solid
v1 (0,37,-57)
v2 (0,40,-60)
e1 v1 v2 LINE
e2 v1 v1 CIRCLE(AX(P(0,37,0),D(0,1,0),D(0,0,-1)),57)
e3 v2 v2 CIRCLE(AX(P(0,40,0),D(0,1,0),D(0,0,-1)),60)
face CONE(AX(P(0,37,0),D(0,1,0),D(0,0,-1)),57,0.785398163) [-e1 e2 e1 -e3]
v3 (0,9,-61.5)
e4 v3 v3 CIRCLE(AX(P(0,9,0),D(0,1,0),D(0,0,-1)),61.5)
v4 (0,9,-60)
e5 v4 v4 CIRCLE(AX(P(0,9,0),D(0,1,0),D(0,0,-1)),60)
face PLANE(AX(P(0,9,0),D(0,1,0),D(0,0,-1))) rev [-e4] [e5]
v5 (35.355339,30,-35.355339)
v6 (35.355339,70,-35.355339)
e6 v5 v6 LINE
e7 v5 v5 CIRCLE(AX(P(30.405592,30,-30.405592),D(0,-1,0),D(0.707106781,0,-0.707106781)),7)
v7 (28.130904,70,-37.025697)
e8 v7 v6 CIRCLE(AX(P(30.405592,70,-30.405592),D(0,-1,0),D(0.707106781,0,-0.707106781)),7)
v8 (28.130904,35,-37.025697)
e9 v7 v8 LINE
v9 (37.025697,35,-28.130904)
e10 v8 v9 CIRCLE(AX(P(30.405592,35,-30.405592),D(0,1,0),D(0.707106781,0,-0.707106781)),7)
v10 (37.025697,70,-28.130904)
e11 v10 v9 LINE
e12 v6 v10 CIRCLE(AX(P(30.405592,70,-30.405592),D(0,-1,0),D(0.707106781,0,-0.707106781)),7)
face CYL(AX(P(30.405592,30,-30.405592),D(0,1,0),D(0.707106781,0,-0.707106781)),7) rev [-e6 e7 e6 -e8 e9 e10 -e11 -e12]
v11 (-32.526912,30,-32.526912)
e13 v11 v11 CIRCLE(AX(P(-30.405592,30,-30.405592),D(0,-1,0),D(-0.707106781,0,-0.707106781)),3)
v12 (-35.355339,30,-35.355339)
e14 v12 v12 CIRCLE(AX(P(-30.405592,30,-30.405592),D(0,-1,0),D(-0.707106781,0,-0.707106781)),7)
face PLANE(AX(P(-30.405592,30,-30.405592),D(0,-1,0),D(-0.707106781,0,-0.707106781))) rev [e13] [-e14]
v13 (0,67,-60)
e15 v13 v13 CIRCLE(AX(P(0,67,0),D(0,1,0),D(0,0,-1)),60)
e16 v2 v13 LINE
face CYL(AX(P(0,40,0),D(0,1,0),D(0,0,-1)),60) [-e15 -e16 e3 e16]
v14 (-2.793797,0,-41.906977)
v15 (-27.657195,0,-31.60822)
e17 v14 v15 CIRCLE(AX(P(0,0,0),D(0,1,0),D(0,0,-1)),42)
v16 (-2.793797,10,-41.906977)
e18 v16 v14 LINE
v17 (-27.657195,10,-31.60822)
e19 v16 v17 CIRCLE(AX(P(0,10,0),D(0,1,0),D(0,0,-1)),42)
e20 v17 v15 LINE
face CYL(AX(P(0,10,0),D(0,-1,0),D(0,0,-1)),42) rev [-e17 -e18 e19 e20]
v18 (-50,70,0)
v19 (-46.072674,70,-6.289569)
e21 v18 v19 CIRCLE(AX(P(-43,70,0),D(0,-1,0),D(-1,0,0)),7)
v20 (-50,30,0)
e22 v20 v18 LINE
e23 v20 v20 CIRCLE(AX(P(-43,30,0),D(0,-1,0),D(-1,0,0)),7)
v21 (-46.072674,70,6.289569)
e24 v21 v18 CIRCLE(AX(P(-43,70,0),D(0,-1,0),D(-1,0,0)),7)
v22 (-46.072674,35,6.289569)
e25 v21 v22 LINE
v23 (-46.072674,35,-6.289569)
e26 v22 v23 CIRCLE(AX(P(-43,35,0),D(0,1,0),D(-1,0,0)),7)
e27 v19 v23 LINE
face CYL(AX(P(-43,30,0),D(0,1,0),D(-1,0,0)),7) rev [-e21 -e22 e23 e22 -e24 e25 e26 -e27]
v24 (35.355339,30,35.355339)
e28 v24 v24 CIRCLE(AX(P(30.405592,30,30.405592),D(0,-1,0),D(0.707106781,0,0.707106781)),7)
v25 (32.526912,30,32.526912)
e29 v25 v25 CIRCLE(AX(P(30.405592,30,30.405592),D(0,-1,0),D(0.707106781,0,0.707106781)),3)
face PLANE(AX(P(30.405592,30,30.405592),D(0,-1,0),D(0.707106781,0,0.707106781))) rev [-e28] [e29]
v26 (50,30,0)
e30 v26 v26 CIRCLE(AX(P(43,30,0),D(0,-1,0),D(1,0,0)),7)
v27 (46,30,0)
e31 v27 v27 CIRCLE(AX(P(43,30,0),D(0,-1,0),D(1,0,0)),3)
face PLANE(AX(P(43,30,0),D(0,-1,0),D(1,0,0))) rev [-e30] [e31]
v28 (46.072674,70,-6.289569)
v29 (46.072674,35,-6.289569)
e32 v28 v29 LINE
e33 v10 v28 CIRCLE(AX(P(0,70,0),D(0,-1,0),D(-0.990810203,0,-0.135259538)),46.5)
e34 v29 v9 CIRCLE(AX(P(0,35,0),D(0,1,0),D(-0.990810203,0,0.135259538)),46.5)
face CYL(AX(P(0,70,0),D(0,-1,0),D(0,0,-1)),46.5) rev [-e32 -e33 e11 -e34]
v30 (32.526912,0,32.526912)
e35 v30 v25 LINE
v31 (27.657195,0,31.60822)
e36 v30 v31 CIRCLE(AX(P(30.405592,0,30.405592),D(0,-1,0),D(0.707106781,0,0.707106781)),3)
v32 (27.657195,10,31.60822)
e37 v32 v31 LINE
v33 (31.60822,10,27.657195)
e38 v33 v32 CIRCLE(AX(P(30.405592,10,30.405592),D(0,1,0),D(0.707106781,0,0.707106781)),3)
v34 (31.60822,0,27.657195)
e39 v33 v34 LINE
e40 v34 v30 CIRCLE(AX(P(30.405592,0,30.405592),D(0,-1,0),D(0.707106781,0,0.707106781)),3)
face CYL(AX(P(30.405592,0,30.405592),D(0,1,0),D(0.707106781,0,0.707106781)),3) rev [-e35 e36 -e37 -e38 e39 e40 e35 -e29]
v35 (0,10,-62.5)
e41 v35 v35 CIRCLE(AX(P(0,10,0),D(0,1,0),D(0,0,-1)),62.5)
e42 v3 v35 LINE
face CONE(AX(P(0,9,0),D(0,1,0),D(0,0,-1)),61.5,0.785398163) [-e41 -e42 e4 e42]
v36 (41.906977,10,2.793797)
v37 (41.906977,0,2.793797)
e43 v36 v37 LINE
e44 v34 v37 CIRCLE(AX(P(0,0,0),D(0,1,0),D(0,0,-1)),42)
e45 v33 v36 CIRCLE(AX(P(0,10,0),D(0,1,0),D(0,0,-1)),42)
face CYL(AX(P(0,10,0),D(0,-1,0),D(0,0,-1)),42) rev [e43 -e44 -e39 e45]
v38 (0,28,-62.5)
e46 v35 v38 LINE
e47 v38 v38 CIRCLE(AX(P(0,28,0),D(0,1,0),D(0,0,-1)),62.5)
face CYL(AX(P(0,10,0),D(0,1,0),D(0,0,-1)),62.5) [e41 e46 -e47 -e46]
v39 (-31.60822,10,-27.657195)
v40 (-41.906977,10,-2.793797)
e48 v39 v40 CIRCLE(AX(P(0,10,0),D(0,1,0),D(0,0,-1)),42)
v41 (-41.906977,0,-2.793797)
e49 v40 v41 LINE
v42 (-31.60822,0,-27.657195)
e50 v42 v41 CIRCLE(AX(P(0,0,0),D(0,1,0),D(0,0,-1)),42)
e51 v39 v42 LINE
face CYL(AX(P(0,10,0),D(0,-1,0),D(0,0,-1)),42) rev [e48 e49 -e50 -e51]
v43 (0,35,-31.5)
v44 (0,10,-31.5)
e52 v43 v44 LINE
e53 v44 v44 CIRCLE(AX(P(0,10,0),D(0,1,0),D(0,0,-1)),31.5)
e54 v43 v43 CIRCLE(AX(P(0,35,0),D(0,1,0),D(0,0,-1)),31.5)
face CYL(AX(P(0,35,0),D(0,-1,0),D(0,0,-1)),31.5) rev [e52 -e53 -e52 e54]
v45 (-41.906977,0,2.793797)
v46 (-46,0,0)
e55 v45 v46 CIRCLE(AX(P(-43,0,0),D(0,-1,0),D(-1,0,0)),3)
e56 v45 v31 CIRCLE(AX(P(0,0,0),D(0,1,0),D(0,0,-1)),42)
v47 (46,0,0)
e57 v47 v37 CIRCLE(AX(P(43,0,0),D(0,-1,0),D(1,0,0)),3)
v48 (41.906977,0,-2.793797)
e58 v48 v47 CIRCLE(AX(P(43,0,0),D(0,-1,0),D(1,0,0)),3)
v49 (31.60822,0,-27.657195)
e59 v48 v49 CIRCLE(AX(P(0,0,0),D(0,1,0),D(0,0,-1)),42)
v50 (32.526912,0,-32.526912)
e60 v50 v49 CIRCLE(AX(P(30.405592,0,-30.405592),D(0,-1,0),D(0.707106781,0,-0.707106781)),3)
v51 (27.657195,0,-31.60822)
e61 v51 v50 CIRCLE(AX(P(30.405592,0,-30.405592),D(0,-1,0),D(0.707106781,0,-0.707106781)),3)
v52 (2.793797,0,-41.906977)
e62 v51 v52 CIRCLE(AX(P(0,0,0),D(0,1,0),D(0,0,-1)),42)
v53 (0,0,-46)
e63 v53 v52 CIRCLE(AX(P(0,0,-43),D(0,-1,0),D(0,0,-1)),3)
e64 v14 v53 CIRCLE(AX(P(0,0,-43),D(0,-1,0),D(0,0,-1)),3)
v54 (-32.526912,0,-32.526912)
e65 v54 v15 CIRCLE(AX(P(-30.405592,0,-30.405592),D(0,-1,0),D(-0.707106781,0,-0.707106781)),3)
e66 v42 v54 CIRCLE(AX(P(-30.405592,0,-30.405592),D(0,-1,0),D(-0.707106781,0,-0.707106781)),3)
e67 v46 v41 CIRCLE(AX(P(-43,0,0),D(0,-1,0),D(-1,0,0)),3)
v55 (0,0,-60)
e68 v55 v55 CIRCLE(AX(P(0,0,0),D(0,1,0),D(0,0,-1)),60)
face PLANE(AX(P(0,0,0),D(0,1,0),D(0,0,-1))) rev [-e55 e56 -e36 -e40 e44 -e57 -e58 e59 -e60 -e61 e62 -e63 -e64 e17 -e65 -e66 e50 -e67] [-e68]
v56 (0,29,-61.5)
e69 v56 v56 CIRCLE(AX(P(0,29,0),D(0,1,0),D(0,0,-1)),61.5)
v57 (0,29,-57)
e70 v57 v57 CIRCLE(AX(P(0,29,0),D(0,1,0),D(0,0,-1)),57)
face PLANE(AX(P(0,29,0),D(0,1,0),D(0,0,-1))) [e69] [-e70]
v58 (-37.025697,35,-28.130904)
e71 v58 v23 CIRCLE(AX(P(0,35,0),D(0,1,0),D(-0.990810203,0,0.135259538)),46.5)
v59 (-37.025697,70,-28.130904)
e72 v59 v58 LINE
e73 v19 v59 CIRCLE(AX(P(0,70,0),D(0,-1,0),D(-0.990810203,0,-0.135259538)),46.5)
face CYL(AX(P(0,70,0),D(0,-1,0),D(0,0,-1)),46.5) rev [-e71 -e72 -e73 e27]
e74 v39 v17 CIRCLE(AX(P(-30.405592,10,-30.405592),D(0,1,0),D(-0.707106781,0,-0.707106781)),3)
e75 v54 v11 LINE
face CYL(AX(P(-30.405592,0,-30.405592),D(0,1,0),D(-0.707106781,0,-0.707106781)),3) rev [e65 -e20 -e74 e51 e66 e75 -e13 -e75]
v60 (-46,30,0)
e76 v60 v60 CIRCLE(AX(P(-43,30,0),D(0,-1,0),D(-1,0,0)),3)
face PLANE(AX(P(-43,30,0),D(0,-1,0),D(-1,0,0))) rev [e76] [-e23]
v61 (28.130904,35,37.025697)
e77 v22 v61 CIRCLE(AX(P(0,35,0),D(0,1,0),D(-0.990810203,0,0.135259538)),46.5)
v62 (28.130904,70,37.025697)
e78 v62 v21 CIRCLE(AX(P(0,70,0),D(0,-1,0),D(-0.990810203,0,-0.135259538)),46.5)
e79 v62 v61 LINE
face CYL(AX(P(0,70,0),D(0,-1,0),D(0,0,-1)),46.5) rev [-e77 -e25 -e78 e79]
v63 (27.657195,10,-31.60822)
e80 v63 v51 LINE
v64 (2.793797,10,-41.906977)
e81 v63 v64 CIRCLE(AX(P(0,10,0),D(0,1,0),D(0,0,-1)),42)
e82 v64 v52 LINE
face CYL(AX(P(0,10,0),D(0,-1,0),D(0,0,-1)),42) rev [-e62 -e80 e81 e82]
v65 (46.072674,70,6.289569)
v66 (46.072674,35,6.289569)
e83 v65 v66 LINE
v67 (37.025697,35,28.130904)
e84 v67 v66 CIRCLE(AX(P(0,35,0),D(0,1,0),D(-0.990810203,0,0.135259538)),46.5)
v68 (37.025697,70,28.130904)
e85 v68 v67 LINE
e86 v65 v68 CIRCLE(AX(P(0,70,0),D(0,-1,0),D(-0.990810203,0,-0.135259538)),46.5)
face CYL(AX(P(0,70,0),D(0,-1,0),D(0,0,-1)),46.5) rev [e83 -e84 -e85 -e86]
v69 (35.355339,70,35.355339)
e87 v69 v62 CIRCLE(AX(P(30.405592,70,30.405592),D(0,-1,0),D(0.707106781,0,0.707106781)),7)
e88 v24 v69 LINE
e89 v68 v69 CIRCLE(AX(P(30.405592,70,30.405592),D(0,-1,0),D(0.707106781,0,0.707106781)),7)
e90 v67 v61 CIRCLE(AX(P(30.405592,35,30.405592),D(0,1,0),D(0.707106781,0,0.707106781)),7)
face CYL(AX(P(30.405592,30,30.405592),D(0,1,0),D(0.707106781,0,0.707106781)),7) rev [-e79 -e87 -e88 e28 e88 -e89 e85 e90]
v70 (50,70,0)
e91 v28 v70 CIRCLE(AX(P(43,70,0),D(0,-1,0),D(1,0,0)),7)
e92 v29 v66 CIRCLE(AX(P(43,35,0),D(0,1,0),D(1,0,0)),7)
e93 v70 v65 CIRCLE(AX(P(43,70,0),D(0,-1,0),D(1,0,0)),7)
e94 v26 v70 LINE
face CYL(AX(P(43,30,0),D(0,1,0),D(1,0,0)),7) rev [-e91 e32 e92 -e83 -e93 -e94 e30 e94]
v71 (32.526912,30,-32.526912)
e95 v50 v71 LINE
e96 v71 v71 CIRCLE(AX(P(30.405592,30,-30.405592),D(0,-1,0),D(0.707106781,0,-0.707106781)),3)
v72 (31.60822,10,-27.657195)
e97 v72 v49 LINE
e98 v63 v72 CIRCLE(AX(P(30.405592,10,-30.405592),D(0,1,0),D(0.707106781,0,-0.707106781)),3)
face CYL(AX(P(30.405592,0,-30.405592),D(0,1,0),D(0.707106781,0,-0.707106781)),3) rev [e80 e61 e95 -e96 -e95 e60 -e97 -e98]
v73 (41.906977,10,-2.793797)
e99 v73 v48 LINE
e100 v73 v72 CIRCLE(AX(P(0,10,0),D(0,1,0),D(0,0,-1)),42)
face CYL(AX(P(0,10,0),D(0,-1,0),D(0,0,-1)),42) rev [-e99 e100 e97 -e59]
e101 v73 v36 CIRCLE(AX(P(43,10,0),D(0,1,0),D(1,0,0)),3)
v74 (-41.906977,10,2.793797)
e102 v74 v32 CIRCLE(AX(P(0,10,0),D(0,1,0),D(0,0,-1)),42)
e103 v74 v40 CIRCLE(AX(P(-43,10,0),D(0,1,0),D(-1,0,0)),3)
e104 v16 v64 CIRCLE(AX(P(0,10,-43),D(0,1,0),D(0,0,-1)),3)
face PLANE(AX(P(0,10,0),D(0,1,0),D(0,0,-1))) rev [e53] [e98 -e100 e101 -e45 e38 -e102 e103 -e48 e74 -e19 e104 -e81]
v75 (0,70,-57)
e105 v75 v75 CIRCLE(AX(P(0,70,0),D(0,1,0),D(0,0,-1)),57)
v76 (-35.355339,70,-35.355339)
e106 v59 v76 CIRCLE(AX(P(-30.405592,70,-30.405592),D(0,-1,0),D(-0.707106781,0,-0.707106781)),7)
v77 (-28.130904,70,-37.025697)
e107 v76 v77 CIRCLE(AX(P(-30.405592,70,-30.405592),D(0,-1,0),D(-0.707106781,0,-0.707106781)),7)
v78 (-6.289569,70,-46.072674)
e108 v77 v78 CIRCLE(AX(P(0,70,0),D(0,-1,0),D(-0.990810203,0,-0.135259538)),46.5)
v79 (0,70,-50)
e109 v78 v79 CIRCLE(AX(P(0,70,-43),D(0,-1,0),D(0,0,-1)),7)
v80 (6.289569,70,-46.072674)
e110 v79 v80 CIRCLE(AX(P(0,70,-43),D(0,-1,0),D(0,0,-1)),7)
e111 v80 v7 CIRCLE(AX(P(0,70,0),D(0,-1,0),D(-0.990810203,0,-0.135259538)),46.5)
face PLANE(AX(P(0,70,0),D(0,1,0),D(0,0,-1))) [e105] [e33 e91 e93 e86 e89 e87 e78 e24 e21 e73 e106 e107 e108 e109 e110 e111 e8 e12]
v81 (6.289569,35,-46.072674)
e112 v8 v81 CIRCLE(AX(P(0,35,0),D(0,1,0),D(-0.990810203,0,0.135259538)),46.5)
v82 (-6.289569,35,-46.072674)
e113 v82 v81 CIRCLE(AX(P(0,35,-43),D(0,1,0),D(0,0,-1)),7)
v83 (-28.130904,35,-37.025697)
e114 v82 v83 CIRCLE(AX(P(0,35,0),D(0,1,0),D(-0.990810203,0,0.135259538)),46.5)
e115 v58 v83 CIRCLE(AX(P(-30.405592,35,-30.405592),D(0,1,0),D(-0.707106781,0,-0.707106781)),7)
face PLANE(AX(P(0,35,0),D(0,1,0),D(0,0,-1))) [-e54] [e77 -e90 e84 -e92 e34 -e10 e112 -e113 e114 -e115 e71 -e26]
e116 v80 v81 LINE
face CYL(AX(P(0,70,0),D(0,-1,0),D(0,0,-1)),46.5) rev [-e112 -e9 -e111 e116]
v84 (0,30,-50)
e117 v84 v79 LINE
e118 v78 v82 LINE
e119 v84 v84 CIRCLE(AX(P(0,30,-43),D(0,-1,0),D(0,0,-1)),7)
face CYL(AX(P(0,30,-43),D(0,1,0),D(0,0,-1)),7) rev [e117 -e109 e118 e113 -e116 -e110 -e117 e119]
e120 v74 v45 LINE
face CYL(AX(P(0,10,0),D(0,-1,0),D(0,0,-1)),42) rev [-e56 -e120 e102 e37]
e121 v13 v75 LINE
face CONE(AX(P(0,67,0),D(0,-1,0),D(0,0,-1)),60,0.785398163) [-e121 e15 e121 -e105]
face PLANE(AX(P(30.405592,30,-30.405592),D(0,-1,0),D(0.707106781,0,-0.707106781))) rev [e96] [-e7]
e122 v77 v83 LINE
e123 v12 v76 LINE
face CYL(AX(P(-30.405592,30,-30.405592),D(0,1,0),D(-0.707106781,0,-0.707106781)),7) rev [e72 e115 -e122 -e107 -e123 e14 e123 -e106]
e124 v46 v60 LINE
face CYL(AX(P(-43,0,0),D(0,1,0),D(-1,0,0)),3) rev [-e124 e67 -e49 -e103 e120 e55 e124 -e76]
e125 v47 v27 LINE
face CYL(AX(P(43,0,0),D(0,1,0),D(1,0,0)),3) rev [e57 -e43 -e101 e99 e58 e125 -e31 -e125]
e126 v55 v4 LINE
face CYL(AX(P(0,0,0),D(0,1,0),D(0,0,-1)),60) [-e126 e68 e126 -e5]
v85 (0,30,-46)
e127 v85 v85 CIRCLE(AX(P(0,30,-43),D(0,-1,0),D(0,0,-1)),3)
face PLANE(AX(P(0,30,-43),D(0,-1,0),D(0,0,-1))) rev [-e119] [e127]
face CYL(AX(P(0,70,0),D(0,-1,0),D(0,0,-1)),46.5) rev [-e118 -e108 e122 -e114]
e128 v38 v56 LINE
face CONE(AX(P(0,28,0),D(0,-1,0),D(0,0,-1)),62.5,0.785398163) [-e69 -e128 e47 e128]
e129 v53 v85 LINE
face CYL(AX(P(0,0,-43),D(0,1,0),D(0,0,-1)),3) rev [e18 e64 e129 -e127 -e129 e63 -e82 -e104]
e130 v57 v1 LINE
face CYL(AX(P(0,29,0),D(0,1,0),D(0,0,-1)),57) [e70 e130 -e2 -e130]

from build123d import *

# Parameters (mm, degrees)
PATTERN_CIRCULAR_1_COUNT = 8


with BuildPart() as part:
    # Эскиз1 → Повернуть1 (revolve)
    with BuildSketch(Plane.XY, mode=Mode.PRIVATE) as revolve_1_sk:
        Polygon((-42, 0), (-60, 0), (-60, 9), (-61.5, 9), (-62.5, 10), (-62.5, 28), (-61.5, 29), (-57, 29), (-57, 37), (-60, 40), (-60, 67), (-57, 70), (-46.5, 70), (-46.5, 35), (-31.5, 35), (-31.5, 10), (-42, 10), align=None)
    revolve(revolve_1_sk.sketch.rotate(Axis((0, 0, 0), (0, 1, 0)), 270), axis=Axis((0, 0, 0), (0, 1, 0)))

    # Эскиз5 → Вырез-Повернуть1 (revolve, cut)
    with BuildSketch(Plane.XY):
        Polygon((-43, 0), (-46, 0), (-46, 30), (-50, 30), (-50, 70), (-43, 70), align=None)
    cut_revolve_1 = revolve(axis=Axis((-43, 84.512066433, 0), (0, -1, 0)), mode=Mode.SUBTRACT)

    # Круговой массив1: Вырез-Повернуть1 ×8 about axis, 2 skipped
    pattern_circular_1_axis = Axis((0, 0, 0), (0, -1, 0))
    add([cut_revolve_1.rotate(pattern_circular_1_axis, i * 360 / PATTERN_CIRCULAR_1_COUNT) for i in range(1, PATTERN_CIRCULAR_1_COUNT) if i not in (6, 7)], mode=Mode.SUBTRACT)


solid = part.part
